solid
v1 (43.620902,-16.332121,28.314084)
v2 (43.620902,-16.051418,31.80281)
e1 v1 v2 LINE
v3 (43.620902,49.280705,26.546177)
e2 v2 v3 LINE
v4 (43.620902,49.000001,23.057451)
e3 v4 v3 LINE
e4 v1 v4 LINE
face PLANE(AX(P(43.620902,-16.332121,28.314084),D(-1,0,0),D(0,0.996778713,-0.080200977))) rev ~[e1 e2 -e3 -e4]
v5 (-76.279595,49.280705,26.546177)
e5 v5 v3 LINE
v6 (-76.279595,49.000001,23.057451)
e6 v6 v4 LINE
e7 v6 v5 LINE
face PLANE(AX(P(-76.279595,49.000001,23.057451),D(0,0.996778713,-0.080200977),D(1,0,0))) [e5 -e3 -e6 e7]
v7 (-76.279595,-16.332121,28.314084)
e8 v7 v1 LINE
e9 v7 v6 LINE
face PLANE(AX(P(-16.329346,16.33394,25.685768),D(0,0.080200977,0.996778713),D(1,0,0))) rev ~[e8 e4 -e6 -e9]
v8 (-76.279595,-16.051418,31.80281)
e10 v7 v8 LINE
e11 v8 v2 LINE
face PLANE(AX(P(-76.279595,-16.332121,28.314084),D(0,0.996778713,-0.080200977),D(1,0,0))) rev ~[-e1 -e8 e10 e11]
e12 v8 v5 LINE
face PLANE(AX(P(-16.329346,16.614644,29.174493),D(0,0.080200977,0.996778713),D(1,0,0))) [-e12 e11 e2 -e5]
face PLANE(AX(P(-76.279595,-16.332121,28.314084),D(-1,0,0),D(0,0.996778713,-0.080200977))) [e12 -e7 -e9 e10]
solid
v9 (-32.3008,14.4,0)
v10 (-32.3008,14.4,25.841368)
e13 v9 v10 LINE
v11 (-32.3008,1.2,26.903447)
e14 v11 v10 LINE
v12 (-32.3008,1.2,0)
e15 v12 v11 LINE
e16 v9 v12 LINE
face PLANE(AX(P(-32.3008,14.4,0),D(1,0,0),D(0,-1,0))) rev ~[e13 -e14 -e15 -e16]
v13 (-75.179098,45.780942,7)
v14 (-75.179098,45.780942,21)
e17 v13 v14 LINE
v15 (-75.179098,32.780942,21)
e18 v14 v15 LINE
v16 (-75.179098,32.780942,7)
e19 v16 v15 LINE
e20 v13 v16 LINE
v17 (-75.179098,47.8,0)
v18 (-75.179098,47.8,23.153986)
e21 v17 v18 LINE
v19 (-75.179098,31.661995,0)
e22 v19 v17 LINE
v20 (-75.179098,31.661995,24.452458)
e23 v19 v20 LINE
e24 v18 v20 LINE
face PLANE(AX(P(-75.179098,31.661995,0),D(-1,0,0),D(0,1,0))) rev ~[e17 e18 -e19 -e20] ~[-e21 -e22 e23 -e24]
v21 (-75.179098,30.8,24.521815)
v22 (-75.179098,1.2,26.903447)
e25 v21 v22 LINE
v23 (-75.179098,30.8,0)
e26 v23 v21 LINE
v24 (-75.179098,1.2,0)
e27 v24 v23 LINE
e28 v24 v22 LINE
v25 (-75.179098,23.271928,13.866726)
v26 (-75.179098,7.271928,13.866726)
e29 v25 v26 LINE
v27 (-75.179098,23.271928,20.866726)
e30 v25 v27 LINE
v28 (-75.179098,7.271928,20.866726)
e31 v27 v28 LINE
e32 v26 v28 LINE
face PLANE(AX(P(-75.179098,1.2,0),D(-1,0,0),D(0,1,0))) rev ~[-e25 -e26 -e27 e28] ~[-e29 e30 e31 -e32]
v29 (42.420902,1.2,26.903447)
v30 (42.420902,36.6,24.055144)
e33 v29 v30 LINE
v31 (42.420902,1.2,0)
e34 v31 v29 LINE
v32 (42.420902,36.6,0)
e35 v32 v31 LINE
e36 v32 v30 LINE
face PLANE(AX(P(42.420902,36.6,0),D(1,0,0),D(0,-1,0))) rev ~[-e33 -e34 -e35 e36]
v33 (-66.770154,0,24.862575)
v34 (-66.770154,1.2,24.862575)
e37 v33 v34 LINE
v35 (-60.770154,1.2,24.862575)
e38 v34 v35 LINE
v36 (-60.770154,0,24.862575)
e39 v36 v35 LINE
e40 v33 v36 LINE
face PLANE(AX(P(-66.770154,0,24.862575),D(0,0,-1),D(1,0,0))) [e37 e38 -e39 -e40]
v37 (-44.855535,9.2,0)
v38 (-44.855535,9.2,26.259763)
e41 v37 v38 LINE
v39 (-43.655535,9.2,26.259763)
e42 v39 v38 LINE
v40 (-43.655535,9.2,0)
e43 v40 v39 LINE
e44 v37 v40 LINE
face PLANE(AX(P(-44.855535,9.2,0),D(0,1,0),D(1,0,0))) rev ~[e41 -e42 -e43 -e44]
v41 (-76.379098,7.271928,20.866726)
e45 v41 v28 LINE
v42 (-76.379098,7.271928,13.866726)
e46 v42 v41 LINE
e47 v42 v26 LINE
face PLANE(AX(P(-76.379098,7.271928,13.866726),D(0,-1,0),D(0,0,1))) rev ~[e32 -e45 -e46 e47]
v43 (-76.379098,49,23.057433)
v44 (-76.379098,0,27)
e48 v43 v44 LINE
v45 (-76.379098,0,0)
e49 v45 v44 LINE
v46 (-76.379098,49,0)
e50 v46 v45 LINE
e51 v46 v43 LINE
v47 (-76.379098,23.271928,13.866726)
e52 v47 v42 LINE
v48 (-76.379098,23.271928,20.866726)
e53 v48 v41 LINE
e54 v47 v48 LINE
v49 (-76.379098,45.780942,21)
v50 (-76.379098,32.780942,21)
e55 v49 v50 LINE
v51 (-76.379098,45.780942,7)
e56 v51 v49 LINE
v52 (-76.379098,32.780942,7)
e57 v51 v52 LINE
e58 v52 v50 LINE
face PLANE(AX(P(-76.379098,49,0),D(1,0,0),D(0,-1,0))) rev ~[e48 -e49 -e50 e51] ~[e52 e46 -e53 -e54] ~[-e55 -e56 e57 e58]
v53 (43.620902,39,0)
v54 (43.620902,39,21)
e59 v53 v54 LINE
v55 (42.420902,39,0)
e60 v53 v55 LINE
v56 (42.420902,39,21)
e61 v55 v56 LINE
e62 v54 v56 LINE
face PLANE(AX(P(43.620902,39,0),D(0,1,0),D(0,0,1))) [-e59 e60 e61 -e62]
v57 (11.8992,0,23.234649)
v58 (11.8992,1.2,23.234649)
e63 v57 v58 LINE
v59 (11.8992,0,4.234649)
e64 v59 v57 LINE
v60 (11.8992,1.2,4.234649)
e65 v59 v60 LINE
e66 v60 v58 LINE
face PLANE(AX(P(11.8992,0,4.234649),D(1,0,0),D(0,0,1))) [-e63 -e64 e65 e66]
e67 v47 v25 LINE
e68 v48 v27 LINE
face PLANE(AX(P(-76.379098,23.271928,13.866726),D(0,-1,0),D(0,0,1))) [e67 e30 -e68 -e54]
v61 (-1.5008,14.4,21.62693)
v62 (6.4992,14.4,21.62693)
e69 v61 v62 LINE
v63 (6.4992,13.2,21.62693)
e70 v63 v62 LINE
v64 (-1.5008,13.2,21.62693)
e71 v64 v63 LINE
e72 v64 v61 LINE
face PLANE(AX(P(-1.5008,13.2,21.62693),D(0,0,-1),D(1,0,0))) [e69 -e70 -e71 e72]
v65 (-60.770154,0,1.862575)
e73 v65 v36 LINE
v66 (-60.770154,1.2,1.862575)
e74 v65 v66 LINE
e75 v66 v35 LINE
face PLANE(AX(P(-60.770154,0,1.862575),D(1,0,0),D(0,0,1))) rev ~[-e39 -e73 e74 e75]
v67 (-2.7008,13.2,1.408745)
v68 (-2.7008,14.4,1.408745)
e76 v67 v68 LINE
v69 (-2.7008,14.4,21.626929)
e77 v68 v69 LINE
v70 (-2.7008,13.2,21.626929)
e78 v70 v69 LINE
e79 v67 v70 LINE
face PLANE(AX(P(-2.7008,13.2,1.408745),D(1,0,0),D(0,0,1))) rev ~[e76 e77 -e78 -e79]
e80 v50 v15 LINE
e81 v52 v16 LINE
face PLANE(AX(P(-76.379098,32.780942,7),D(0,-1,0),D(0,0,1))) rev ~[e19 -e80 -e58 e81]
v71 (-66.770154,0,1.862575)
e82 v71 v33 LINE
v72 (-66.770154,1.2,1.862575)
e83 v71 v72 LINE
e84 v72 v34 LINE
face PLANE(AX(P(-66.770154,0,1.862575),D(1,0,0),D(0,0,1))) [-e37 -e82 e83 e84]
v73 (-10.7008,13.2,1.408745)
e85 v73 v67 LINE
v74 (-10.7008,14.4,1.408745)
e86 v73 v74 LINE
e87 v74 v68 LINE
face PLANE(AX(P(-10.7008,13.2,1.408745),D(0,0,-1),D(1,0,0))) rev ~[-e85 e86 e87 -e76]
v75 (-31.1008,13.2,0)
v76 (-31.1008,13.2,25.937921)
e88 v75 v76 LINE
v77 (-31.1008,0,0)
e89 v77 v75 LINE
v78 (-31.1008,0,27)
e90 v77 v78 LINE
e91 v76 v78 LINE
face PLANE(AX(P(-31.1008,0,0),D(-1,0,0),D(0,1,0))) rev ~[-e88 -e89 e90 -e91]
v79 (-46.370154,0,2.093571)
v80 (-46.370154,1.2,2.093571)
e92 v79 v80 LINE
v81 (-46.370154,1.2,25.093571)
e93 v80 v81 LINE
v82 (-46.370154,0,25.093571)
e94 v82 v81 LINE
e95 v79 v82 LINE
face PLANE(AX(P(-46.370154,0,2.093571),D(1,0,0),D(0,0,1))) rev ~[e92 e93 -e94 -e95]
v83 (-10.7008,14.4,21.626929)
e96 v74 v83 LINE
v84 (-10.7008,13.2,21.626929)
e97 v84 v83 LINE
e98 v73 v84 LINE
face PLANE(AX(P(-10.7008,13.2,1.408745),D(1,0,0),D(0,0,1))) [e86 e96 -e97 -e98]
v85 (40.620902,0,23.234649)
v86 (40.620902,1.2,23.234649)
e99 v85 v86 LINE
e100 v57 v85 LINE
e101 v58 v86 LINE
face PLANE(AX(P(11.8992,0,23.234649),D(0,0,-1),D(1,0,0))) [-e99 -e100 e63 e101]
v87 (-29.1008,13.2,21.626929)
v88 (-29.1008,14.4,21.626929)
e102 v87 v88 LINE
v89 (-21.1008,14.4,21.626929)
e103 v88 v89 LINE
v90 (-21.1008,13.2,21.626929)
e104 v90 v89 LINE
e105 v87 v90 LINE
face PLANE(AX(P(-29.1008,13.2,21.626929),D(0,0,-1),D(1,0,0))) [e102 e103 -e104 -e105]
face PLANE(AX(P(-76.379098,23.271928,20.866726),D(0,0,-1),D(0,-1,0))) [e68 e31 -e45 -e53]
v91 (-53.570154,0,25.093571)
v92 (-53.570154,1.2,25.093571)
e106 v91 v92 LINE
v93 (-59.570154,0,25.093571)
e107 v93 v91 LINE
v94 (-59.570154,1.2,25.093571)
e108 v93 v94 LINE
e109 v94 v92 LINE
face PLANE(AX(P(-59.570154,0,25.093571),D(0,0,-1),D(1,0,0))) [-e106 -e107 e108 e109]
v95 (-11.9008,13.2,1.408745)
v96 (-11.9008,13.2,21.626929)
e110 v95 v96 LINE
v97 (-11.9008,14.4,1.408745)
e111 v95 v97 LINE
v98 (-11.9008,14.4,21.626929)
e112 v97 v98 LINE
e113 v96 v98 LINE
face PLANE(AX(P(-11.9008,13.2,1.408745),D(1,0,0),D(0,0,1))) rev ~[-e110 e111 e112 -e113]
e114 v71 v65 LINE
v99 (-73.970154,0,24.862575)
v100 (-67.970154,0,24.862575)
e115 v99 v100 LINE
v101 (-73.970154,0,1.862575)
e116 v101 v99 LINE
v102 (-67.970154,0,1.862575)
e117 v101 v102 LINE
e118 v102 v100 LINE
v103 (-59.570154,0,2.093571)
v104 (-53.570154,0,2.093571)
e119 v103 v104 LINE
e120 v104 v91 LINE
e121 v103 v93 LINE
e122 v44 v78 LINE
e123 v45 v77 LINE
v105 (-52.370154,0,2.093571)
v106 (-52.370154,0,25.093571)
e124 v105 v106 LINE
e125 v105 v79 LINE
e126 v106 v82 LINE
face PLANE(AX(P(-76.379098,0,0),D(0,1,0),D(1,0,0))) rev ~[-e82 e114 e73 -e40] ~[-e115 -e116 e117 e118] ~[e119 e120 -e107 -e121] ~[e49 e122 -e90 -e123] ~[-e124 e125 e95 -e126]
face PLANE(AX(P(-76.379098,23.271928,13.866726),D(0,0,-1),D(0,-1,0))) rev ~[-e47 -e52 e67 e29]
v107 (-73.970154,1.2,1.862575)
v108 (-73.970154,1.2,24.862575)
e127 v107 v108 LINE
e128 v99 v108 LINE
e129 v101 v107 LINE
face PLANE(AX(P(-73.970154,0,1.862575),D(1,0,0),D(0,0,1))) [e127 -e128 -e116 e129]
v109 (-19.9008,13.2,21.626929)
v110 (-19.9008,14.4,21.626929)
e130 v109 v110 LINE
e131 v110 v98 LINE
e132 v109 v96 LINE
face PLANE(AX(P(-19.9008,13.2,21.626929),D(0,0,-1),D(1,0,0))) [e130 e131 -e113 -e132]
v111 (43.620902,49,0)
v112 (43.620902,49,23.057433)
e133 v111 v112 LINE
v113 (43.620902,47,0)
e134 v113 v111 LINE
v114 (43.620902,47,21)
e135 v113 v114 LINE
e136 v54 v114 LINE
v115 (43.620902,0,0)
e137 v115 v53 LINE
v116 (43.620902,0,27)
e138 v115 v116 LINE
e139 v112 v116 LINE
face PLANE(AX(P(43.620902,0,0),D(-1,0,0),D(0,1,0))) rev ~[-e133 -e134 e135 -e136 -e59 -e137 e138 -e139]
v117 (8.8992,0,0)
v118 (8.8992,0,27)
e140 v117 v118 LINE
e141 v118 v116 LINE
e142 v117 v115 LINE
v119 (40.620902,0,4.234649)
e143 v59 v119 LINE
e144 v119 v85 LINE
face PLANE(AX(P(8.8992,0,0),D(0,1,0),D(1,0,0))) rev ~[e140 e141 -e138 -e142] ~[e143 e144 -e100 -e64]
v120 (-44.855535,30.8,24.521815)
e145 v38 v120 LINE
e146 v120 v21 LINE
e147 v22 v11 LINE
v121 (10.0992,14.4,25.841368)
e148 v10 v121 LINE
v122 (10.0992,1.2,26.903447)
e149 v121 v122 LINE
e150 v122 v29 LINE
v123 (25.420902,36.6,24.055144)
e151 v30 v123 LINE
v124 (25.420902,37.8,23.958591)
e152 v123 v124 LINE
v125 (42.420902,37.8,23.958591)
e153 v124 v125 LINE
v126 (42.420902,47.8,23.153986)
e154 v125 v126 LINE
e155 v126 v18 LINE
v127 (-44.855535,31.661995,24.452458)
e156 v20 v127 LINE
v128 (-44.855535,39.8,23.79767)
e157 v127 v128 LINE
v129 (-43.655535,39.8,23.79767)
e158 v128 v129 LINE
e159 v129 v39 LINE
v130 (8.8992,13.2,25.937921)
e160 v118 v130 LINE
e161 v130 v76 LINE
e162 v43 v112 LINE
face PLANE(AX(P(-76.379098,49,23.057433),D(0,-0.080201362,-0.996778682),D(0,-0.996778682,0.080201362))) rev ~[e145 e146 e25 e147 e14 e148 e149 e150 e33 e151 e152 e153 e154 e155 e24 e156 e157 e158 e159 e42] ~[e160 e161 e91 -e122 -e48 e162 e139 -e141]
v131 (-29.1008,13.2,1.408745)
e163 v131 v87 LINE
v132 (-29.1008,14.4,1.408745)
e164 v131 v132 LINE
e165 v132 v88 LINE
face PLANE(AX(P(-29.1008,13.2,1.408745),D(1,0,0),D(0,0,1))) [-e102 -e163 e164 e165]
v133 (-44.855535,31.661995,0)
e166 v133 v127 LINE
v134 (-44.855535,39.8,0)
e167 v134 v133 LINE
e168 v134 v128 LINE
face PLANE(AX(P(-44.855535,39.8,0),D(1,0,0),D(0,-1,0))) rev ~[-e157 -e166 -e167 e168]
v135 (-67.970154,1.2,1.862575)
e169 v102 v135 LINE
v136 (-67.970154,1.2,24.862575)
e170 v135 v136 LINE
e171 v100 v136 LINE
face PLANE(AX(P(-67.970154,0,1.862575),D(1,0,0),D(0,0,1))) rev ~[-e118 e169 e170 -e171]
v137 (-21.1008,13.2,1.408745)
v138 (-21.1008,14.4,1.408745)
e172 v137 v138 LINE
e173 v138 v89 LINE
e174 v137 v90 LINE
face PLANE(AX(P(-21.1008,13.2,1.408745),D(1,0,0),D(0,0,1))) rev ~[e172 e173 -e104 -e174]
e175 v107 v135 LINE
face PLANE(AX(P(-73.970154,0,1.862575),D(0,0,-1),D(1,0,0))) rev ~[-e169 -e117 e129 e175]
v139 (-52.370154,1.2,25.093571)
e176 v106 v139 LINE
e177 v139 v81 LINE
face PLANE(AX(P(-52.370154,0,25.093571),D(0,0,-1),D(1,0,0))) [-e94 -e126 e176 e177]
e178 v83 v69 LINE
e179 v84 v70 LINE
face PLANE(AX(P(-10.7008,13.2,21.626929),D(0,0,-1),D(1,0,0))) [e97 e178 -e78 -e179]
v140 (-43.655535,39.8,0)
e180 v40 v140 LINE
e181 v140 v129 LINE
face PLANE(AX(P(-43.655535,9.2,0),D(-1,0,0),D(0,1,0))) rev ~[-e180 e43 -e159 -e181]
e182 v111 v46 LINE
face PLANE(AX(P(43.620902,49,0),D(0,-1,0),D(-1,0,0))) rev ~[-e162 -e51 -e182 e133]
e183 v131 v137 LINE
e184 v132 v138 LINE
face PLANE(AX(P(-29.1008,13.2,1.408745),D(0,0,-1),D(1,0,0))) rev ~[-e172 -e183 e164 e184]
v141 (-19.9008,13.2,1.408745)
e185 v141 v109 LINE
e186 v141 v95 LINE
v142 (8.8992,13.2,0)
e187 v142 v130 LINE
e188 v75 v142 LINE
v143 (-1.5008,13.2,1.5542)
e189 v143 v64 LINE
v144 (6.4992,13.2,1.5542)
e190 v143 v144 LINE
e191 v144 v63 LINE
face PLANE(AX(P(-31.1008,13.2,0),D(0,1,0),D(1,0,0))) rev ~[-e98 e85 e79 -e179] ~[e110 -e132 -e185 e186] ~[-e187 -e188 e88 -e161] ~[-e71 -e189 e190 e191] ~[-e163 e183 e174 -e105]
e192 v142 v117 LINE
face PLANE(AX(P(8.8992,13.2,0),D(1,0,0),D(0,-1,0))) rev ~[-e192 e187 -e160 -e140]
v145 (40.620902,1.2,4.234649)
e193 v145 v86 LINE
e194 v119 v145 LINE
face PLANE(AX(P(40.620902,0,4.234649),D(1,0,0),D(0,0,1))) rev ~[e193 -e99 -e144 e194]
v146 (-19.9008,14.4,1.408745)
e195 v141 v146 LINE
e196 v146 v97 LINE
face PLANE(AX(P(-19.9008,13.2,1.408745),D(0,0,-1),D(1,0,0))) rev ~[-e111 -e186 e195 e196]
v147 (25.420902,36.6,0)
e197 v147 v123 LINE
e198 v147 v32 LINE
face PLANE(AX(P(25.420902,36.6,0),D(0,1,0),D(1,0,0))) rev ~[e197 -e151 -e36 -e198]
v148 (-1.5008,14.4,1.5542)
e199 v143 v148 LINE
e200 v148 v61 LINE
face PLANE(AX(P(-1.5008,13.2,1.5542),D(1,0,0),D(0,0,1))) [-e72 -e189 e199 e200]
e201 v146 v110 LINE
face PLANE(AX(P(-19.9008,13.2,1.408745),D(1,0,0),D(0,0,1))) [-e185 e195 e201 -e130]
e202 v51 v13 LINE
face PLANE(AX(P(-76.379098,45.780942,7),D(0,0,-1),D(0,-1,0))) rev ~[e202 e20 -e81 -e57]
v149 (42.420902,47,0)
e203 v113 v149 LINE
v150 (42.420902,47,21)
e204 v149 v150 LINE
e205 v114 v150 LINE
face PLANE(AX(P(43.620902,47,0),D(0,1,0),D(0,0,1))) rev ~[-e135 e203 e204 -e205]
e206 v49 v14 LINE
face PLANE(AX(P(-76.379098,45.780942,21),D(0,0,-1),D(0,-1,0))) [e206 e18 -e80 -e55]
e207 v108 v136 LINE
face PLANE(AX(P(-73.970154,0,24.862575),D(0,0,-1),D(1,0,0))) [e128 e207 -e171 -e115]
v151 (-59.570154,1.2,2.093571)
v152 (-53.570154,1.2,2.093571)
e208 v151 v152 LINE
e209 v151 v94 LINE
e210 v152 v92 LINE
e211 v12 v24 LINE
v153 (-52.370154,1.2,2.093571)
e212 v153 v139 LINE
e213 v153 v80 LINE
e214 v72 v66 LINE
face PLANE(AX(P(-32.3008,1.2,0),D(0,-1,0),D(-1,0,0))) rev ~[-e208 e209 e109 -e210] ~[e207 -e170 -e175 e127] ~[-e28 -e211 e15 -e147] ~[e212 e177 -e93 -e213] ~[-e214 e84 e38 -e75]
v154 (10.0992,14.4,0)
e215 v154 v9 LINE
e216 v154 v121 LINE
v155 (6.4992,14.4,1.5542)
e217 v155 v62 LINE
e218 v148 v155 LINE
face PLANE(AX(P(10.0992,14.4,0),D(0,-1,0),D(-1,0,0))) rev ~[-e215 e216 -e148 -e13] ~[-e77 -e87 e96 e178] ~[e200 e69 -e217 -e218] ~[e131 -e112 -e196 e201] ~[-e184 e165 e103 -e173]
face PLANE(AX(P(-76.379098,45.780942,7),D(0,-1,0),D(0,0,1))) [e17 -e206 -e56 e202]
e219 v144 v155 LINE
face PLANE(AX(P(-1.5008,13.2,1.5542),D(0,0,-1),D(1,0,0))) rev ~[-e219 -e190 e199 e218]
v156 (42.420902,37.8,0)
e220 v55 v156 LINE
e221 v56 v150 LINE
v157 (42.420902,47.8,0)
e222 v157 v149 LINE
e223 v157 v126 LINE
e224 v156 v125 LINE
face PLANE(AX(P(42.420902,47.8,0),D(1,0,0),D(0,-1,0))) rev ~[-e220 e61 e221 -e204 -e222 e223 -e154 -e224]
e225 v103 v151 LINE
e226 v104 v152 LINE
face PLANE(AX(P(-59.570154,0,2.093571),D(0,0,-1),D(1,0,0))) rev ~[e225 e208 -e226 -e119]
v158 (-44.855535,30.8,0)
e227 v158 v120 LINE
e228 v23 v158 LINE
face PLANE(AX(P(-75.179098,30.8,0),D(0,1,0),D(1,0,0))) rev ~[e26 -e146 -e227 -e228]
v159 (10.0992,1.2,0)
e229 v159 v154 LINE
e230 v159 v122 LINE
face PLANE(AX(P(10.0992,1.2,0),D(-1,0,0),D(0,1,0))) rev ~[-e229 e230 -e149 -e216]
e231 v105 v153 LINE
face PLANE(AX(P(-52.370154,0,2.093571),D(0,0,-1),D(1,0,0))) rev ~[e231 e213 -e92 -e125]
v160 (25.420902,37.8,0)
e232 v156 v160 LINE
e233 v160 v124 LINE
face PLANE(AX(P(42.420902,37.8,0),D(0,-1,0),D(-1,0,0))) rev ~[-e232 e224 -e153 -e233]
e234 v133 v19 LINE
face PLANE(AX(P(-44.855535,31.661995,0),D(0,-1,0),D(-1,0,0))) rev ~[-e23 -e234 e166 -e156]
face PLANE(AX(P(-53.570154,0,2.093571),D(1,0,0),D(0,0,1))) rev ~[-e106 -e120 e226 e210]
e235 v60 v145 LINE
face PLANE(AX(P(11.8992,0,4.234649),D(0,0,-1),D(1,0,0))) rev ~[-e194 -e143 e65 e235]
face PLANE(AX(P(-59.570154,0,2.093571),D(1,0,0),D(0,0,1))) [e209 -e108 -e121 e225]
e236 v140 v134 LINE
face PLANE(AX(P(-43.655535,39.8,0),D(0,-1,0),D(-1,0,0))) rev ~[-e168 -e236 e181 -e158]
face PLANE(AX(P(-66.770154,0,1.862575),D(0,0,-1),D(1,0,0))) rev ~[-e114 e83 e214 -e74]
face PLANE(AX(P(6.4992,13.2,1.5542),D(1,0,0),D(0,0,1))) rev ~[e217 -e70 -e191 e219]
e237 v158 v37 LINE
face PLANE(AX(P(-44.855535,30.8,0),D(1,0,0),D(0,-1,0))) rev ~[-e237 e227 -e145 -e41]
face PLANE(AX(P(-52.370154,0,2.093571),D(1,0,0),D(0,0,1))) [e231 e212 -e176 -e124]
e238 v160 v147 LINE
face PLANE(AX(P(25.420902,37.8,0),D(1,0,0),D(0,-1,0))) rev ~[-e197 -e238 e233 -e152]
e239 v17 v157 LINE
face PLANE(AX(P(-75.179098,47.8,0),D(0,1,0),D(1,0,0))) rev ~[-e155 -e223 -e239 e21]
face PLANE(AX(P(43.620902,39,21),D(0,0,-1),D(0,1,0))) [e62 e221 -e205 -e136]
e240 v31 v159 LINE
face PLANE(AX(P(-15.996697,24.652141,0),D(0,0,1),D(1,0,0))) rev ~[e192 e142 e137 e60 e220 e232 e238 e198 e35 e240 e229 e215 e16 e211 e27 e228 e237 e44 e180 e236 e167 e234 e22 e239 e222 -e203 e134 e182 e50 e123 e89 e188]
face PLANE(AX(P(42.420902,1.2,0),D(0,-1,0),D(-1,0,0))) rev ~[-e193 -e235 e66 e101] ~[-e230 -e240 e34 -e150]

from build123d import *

# Parameters (mm, degrees)
F1_DEPTH  = 27
F2_W      = 6
F2_H      = 23
F3_DEPTH  = 1.2
F4_W      = 13
F4_H      = 14
F4_W_2    = 16
F4_H_2    = 7
F5_DEPTH  = 1.2
F6_W      = 28.721702
F6_H      = 19
F7_DEPTH  = 1.2
F8_W      = 8
F8_H      = 20.218185
F8_H_2    = 20.07273
F9_DEPTH  = 1.2
F10_W     = 8
F10_H     = 21
F11_DEPTH = 1.2
F13_DEPTH = 120.001
F14_W     = 119.900497
F14_H     = 65.543256
F15_DEPTH = 3.5


with BuildPart() as f1:
    # F0 (on Top) → F1 (new body)
    with BuildSketch(Plane.XY):
        Polygon((43.620902, 49), (-76.379098, 49), (-76.379098, 0), (-31.1008, 0), (-31.1008, 1.2), (-31.1008, 13.2), (8.8992, 13.2), (8.8992, 1.2), (8.8992, 0), (43.620902, 0), align=None)
        Polygon((-75.179098, 31.661995), (-75.179098, 47.8), (42.420902, 47.8), (42.420902, 37.8), (25.420902, 37.8), (25.420902, 36.6), (42.420902, 36.6), (42.420902, 1.2), (10.0992, 1.2), (10.0992, 14.4), (-32.3008, 14.4), (-32.3008, 1.2), (-75.179098, 1.2), (-75.179098, 30.8), (-44.855535, 30.8), (-44.855535, 9.2), (-43.655535, 9.2), (-43.655535, 39.8), (-44.855535, 39.8), (-44.855535, 31.661995), align=None, mode=Mode.SUBTRACT)
    extrude(amount=F1_DEPTH)

    # F2 (on face) → F3 (cut)
    with BuildSketch(Plane.XZ):
        with Locations((-70.970154, 13.362575)):
            Rectangle(F2_W, F2_H)
        with Locations((-63.770154, 13.362575)):
            Rectangle(F2_W, F2_H)
        with Locations((-56.570154, 13.593571)):
            Rectangle(F2_W, F2_H)
        with Locations((-49.370154, 13.593571)):
            Rectangle(F2_W, F2_H)
    extrude(amount=-F3_DEPTH, mode=Mode.SUBTRACT)

    # F4 (on face) → F5 (cut)
    with BuildSketch(Plane(origin=(-76.379098, 0, 0), x_dir=(0, -1, 0), z_dir=(-1, 0, 0))):
        with Locations((-39.280942, 14)):
            Rectangle(F4_W, F4_H)
        with Locations((-15.271928, 17.366726)):
            Rectangle(F4_W_2, F4_H_2)
    extrude(amount=-F5_DEPTH, mode=Mode.SUBTRACT)

    # F6 (on face) → F7 (cut)
    with BuildSketch(Plane.XZ):
        with Locations((26.260051, 13.734649)):
            Rectangle(F6_W, F6_H)
    extrude(amount=-F7_DEPTH, mode=Mode.SUBTRACT)

    # F8 (on face) → F9 (cut)
    with BuildSketch(Plane.XZ.offset(-13.2)):
        with Locations((-25.1008, 11.517837)):
            Rectangle(F8_W, F8_H)
        with Locations((-15.9008, 11.517837)):
            Rectangle(F8_W, F8_H)
        with Locations((-6.7008, 11.517837)):
            Rectangle(F8_W, F8_H)
        with Locations((2.4992, 11.590565)):
            Rectangle(F8_W, F8_H_2)
    extrude(amount=-F9_DEPTH, mode=Mode.SUBTRACT)

    # F10 (on face) → F11 (cut)
    with BuildSketch(Plane.YZ.offset(43.620902)):
        with Locations((43, 10.5)):
            Rectangle(F10_W, F10_H)
    extrude(amount=-F11_DEPTH, mode=Mode.SUBTRACT)

    # F12 (on face) → F13 (cut, through all)
    with BuildSketch(Plane(origin=(-76.379098, 0, 0), x_dir=(0, -1, 0), z_dir=(-1, 0, 0))):
        Polygon((-49, 27), (-49, 23.057433), (0, 27), align=None)
    extrude(amount=-F13_DEPTH, mode=Mode.SUBTRACT)


with BuildPart() as f15:
    # F14 (on face) → F15 (new body)
    with BuildSketch(Plane(origin=(0, 2.158461, 26.826329), x_dir=(1, 0, 0), z_dir=(0, 0.080201, 0.996779))):
        with Locations((-16.329346, 14.22129)):
            Rectangle(F14_W, F14_H)
    extrude(amount=F15_DEPTH)


solid = Compound([f1.part, f15.part])
